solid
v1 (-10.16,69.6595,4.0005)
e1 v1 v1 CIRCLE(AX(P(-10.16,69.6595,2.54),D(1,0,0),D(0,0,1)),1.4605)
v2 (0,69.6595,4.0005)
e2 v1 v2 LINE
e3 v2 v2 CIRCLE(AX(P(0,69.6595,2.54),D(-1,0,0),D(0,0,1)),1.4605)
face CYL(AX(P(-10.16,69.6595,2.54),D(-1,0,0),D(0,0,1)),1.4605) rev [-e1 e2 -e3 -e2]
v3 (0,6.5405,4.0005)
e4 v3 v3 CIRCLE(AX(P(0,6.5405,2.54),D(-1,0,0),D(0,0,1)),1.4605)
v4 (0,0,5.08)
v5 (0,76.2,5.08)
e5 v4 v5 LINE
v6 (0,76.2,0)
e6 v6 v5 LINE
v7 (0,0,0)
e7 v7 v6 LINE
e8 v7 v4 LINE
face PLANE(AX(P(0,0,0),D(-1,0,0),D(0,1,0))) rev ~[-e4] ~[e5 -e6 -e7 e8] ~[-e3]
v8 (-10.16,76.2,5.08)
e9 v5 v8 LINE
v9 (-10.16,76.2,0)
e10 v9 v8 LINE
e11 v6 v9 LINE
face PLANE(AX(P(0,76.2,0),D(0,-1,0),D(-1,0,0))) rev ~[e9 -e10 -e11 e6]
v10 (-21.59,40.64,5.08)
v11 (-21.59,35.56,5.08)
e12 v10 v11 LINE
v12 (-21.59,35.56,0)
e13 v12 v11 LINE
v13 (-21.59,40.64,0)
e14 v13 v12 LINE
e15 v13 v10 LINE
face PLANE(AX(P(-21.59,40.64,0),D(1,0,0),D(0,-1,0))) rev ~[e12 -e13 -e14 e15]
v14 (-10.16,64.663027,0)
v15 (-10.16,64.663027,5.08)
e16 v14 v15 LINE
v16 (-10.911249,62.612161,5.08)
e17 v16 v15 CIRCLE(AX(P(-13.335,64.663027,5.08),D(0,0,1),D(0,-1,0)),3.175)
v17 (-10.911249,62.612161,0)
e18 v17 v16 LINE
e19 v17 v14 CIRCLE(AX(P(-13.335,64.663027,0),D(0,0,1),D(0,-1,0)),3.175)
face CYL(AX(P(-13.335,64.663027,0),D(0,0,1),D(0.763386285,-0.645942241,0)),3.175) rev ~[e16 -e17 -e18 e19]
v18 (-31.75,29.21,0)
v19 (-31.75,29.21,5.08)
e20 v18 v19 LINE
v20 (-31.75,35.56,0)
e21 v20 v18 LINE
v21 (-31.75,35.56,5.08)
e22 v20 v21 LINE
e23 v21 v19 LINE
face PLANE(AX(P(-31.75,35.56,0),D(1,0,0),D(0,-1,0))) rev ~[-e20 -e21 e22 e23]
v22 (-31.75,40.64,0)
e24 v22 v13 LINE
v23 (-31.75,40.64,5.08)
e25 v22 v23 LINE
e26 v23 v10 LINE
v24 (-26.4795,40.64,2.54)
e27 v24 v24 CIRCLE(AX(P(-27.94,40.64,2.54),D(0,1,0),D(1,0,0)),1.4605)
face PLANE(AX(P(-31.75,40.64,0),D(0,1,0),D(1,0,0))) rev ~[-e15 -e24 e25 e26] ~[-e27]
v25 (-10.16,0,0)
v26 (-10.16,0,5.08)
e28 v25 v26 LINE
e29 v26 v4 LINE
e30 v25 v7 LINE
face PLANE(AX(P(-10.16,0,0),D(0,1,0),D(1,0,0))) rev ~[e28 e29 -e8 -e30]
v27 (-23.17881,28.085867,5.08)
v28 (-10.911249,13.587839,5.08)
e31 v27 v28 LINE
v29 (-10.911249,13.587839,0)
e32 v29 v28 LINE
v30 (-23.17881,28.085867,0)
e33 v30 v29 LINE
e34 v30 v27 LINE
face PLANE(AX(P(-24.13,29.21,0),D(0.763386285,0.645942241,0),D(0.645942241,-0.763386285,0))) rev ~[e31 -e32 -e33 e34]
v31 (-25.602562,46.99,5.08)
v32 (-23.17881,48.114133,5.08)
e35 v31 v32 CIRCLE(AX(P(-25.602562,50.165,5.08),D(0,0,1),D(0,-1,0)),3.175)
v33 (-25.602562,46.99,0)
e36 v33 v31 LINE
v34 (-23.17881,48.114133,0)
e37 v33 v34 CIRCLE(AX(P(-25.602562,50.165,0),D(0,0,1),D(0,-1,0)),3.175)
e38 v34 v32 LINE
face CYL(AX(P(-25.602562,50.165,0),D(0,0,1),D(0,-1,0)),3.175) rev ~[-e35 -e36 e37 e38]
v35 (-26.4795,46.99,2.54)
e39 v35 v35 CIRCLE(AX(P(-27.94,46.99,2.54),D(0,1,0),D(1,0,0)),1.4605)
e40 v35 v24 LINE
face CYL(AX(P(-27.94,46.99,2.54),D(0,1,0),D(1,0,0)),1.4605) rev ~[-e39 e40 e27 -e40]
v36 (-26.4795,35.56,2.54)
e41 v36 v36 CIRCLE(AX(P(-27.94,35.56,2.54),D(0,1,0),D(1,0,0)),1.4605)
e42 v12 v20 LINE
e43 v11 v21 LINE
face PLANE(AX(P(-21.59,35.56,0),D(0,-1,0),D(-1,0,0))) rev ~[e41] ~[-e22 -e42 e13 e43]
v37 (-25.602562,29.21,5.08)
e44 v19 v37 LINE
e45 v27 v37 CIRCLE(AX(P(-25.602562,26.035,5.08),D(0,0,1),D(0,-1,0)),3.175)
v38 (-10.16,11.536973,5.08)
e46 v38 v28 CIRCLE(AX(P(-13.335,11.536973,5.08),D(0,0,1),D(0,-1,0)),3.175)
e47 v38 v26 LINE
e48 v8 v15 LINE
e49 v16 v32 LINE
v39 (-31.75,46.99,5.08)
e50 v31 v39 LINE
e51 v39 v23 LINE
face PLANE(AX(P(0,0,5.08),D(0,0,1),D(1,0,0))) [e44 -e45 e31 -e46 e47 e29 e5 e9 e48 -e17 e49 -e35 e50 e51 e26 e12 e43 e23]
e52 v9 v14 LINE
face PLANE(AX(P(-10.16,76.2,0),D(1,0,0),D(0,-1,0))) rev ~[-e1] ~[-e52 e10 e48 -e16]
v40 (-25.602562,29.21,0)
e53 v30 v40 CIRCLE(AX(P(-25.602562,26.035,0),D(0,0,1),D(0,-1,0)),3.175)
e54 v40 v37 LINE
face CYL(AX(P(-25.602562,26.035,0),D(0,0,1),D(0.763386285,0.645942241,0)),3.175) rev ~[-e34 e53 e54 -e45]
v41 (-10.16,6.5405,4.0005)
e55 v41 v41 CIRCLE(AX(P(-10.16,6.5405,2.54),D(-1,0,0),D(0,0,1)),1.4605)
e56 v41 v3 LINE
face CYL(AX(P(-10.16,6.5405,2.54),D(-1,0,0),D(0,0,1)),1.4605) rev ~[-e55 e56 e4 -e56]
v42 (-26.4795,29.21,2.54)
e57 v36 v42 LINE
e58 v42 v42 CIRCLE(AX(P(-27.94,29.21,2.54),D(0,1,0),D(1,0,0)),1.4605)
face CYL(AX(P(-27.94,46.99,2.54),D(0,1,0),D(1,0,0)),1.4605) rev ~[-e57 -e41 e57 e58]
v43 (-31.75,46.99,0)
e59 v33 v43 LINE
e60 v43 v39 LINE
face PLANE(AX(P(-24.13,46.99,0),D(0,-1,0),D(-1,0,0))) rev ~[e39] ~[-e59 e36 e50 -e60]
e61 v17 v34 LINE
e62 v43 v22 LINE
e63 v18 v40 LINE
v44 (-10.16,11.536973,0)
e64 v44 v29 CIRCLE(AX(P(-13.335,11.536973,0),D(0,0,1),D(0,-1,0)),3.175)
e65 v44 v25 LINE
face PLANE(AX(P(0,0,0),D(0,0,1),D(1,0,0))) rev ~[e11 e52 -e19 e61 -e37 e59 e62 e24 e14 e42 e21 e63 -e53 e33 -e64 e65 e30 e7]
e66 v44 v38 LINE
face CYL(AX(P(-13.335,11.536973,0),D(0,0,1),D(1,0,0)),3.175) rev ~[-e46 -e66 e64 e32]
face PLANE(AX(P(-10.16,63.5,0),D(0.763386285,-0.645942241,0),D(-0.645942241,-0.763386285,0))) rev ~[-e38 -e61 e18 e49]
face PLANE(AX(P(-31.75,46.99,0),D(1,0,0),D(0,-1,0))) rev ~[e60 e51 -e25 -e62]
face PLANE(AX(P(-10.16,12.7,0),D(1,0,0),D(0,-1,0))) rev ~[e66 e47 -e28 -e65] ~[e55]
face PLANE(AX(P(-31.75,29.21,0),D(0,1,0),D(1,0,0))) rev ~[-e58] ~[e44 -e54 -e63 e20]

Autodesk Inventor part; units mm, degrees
ref_plane "YZ Plane" through (0, 0, 0) normal (1, 0, 0) x (0, 1, 0)
ref_plane "XZ Plane" through (0, 0, 0) normal (0, 1, 0) x (-1, 0, 0)
sketch "Sketch1" plane through (0, 0, 0) normal (0, 0, 1) x (1, 0, 0)
  line L0 (0, 0) -> (0, 76.2)
  line L1 (0, 76.2) -> (-10.16, 76.2)
  line L2 (-10.16, 76.2) -> (-10.16, 63.5)
  line L3 (-10.16, 63.5) -> (-24.13, 46.99)
  line L4 (-24.13, 46.99) -> (-31.75, 46.99)
  line L5 (-31.75, 46.99) -> (-31.75, 40.64)
  line L6 (-21.59, 35.56) -> (-31.75, 35.56)
  line L7 (-31.75, 35.56) -> (-31.75, 29.21)
  line L8 (-31.75, 29.21) -> (-24.13, 29.21)
  line L9 (-24.13, 29.21) -> (-10.16, 12.7)
  line L10 (-10.16, 12.7) -> (-10.16, 0)
  line L11 (-10.16, 0) -> (0, 0)
  line L12 (-31.75, 40.64) -> (-21.59, 40.64)
  line L13 (-21.59, 40.64) -> (-21.59, 35.56)
  line L14 (-21.59, 38.1) -> (-22.098, 38.1) construction
  dimension "d1" = 10.16
  dimension "d2" = 31.75
  dimension "d3" = 76.2
  dimension "d5" = 7.62
  dimension "d8" = 5.08
  dimension "d11" = 38.1
  dimension "d12" = 6.35
  dimension "d14" = 12.7
  dimension "d23" = 10.16
extrude "Extrusion1" add sketch "Sketch1" along normal blind 5.08
fillet "Fillet1" radius 3.175 4 edges at (-10.16, 12.7, 2.54) (-24.13, 29.21, 2.54) (-10.16, 63.5, 2.54) (-24.13, 46.99, 2.54)
sketch "Sketch2" plane through (0, 0, 5.08) normal (0, 0, 1) x (1, 0, 0)
  line L0 (-10.16, 11.537) -> (-10.16, 0) projected
  line L1 (-10.16, 0) -> (0, 0) projected
  line L2 (0, 0) -> (0, 76.2) projected
  line L3 (0, 76.2) -> (-10.16, 76.2) projected
  line L4 (-10.16, 76.2) -> (-10.16, 64.663) projected
  line L5 (-10.9112, 62.6122) -> (-23.1788, 48.1141) projected
  line L6 (-25.6026, 46.99) -> (-31.75, 46.99) projected
  line L7 (-31.75, 46.99) -> (-31.75, 40.64) projected
  line L8 (-31.75, 40.64) -> (-21.59, 40.64) projected
  line L9 (-21.59, 40.64) -> (-21.59, 35.56) projected
  line L10 (-21.59, 35.56) -> (-31.75, 35.56) projected
  line L11 (-31.75, 35.56) -> (-31.75, 29.21) projected
  line L12 (-31.75, 29.21) -> (-25.6026, 29.21) projected
  line L13 (-23.1788, 28.0859) -> (-10.9112, 13.5878) projected
  line L14 (-24.13, 46.99) -> (-31.75, 46.99) construction
  line L15 (-27.94, 46.99) -> (-27.94, 40.64) construction
  line L16 (-31.75, 40.64) -> (-21.59, 40.64) construction
  line L17 (-29.4005, 46.99) -> (-29.4005, 40.64)
  line L18 (-26.4795, 46.99) -> (-26.4795, 40.64)
  line L19 (0, 0) -> (0, 76.2) construction
  line L20 (0, 38.1) -> (-22.098, 38.1) construction
  line L21 (-29.4005, 29.21) -> (-29.4005, 35.56)
  line L22 (-26.4795, 29.21) -> (-26.4795, 35.56)
  line L23 (-10.16, 12.7) -> (-10.16, 0) projected
  line L24 (-10.16, 5.08) -> (0, 5.08)
  line L25 (-10.16, 8.001) -> (0, 8.001)
  line L26 (-10.16, 71.12) -> (0, 71.12)
  line L27 (-10.16, 68.199) -> (0, 68.199)
  arc A0 (-23.1788, 28.0859) -> (-25.6026, 29.21) centre (-25.6026, 26.035) ccw projected
  arc A1 (-10.16, 11.537) -> (-10.9112, 13.5878) centre (-13.335, 11.537) ccw projected
  arc A2 (-10.9112, 62.6122) -> (-10.16, 64.663) centre (-13.335, 64.663) ccw projected
  arc A3 (-25.6026, 46.99) -> (-23.1788, 48.1141) centre (-25.6026, 50.165) ccw projected
  dimension "d18" = 1.4605
  dimension "d19" = 1.4605
  dimension "d21" = 2.921
  dimension "d22" = 5.08
sketch "Sketch3" plane through (-31.75, 46.99, 0) normal (0, 1, 0) x (1, 0, 0)
  line L0 (3.81, -5.08) -> (3.81, 0) construction
  circle A0 centre (3.81, -2.54) radius 1.4605
  point P0 (31.75, 0)
  dimension "d24" = 2.921
extrude "Extrusion2" cut sketch "Sketch3" against normal blind 25.4
sketch "Sketch4" plane through (-10.16, 0, 0) normal (-1, 0, 0) x (0, 0, 1)
  line L0 (0, 0) -> (0, 76.2) construction
  line L1 (0, 12.7) -> (0, 0) construction
  line L2 (0, 6.5405) -> (5.08, 6.5405) construction
  line L3 (0, 0) -> (5.08, 0) construction
  circle A0 centre (2.54, 6.5405) radius 1.4605
  point P0 (5.08, 5.08)
  dimension "d27" = 6.5405
  dimension "d28" = 2.921
extrude "Extrusion3" cut sketch "Sketch4" against normal blind 25.4
ref_plane "Work Plane1" through (0, 38.1, 5.08) normal (0, 1, 0) x (-1, 0, 0)
mirror "Mirror1" about plane through (0, 38.1, 5.08) normal (0, 1, 0) of "Extrusion3"
equation "\"d19\" = d18"
properties part number "mount 3D print"
